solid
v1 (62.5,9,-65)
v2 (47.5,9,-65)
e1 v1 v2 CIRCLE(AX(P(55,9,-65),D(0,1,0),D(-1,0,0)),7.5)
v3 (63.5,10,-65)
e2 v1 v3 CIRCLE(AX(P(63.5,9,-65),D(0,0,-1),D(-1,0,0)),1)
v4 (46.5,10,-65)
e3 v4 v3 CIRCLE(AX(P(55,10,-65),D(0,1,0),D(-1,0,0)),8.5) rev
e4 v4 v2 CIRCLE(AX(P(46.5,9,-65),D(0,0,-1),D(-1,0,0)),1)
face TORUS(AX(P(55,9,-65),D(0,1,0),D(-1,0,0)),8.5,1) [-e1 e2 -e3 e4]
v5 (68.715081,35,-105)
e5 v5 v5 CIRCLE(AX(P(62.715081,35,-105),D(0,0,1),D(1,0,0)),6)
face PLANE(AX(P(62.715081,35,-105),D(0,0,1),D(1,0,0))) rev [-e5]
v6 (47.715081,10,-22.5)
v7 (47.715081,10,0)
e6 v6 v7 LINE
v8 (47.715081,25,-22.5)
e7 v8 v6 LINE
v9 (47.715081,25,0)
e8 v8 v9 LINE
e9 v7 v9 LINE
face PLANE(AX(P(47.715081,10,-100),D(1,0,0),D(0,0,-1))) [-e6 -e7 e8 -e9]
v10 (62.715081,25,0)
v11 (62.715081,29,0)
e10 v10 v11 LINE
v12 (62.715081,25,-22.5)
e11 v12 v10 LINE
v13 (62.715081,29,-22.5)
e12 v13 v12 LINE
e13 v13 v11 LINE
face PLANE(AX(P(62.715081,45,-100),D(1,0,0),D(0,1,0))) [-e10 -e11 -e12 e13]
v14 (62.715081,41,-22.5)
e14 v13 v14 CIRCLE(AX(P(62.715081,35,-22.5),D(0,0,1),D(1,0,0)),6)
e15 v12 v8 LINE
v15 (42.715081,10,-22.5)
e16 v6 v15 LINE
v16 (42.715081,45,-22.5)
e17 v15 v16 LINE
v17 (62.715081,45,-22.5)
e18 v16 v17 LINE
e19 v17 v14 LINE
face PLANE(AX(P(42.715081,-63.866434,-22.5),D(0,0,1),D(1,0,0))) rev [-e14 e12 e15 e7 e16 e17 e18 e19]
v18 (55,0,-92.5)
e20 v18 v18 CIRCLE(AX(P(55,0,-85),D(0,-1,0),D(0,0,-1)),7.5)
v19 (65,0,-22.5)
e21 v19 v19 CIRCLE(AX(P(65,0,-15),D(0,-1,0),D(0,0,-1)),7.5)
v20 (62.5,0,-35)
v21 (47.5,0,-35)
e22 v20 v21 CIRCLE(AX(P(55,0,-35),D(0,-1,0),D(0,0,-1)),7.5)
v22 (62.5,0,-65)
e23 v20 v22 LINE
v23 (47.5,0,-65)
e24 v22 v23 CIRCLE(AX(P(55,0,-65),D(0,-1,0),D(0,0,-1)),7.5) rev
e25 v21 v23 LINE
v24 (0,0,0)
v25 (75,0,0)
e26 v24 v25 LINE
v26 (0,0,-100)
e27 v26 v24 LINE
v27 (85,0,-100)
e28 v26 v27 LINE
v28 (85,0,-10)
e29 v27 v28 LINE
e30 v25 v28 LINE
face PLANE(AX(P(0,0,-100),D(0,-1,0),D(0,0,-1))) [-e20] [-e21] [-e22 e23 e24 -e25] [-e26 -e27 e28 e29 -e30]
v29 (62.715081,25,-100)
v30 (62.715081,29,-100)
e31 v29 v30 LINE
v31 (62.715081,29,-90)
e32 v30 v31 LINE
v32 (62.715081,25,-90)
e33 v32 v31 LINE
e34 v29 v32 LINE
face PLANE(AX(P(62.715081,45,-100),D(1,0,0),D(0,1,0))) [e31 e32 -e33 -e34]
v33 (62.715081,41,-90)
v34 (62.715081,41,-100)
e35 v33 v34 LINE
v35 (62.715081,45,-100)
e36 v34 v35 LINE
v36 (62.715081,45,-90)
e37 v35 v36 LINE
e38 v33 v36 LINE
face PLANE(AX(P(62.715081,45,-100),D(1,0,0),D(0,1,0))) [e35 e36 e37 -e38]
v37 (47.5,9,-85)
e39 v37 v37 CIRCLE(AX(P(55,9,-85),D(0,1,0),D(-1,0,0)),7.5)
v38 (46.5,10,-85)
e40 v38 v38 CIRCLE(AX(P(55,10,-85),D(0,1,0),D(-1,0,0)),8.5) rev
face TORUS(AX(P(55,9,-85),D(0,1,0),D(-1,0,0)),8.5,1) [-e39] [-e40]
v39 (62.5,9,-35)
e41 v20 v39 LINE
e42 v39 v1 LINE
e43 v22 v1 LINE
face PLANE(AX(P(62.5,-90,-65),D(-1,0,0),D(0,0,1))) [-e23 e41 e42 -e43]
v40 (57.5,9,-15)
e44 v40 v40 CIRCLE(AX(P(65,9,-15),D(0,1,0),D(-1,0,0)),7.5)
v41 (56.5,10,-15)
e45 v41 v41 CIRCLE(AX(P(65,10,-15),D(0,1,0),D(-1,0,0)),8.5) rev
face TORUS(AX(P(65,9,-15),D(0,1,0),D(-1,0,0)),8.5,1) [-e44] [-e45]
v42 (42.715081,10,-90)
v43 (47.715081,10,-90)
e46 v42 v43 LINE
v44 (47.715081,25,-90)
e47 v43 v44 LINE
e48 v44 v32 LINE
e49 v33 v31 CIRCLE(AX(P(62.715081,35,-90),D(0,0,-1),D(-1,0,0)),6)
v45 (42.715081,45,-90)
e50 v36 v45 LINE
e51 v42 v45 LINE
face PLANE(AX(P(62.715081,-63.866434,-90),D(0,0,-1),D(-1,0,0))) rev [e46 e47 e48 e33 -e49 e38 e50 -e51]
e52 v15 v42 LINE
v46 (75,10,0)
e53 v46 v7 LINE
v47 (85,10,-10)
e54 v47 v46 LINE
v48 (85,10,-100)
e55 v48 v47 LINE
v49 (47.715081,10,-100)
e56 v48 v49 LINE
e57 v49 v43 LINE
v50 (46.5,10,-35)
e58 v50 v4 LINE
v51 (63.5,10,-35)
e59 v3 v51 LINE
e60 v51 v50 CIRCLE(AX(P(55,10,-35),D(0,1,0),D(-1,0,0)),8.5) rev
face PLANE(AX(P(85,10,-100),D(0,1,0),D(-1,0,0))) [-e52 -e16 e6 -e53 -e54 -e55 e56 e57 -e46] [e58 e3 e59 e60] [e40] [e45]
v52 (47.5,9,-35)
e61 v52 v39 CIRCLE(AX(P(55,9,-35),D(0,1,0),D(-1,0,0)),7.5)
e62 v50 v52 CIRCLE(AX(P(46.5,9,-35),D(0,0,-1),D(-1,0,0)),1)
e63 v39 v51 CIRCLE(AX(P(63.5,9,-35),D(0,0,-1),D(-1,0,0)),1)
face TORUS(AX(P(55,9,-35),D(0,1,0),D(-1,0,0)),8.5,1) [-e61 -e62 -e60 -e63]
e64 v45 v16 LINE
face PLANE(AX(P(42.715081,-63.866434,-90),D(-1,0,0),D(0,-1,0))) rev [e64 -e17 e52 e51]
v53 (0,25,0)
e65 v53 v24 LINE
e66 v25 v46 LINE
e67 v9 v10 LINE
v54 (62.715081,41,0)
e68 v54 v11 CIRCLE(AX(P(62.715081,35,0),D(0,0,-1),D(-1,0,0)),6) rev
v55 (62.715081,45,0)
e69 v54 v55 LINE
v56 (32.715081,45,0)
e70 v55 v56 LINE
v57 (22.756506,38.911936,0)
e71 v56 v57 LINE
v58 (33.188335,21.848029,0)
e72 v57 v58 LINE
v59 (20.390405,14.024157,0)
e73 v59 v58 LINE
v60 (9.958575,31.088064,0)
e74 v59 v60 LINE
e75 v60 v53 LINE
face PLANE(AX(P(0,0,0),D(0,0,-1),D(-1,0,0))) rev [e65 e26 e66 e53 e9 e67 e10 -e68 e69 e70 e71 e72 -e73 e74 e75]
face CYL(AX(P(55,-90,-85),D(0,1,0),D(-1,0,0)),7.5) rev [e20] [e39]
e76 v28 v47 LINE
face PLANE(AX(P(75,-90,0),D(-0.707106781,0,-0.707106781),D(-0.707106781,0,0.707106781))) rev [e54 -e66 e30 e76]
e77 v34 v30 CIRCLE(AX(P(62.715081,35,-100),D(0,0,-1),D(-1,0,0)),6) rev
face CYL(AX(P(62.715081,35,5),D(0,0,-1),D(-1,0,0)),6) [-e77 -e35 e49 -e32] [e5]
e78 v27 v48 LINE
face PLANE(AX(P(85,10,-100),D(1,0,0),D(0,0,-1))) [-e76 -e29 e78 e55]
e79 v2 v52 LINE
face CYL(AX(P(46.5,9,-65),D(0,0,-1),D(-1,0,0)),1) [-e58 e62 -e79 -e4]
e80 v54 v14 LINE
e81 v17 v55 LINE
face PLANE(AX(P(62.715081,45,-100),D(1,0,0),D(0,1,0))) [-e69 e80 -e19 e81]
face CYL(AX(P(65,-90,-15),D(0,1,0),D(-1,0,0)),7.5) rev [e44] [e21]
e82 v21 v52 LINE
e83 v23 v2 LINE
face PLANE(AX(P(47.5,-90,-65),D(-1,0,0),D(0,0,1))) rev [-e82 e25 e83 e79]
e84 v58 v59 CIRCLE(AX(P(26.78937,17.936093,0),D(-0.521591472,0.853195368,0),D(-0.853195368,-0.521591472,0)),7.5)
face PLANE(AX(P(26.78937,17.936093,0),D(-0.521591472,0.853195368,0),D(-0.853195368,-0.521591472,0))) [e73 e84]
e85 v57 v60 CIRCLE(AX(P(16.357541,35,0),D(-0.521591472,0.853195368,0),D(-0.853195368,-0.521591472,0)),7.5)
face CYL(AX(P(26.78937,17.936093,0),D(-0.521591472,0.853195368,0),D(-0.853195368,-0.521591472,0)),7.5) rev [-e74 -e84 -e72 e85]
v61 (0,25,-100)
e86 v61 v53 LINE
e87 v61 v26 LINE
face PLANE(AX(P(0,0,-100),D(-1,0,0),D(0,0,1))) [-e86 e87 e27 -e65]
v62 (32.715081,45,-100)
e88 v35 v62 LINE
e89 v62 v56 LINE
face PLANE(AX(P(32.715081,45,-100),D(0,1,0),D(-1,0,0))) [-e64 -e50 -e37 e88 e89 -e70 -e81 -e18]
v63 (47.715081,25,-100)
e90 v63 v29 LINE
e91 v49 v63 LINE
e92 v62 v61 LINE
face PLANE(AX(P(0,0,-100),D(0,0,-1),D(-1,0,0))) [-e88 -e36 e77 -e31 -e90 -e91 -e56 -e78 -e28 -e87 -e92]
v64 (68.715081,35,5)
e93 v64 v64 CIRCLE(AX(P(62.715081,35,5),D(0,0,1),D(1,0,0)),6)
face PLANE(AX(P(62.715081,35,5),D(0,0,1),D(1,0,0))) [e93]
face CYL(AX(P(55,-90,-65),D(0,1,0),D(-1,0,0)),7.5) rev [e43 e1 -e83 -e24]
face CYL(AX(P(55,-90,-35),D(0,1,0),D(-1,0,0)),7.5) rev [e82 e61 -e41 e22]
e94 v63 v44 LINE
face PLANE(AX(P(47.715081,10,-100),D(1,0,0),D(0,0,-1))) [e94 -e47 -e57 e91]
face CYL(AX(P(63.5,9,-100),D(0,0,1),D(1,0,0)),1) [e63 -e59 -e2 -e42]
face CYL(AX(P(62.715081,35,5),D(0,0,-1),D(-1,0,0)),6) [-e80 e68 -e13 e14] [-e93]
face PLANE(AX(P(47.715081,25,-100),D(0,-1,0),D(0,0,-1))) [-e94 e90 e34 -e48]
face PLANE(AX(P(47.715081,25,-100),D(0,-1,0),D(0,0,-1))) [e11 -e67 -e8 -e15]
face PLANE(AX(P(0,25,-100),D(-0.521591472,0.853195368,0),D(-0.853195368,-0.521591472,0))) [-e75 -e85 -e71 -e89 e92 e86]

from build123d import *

# Parameters (mm, degrees)
BOSS_EXTRUDE1_DEPTH      = 100
SKETCH2_R                = 7.5
CUT_EXTRUDE2_DEPTH       = 100
SKETCH3_R                = 7.5
CUT_EXTRUDE3_DEPTH       = 100
CUT_EXTRUDE4_DEPTH       = 100
SKETCH5_R                = 7.5
CUT_EXTRUDE5_DEPTH       = 20
BOSS_EXTRUDE2_DEPTH      = 5
BOSS_EXTRUDE2_DEPTH_BACK = 105
SKETCH7_R                = 6
CUT_EXTRUDE6_START       = -35
CUT_EXTRUDE6_DEPTH       = 35
FILLET1_R                = 1


with BuildPart() as part:
    # Sketch1 → Boss-Extrude1 (new body)
    with BuildSketch(Plane.XY):
        Polygon((0, 0), (85, 0), (85, 10), (47.715081247, 10), (47.715081247, 25), (62.715081247, 25), (62.715081247, 45), (32.715081247, 45), (0, 25), align=None)
    extrude(amount=-BOSS_EXTRUDE1_DEPTH)

    # Sketch2 → Cut-Extrude2 (cut)
    with BuildSketch(Plane(origin=(0, 10, 0), x_dir=(1, 0, 0), z_dir=(0, 1, 0))):
        with Locations(Location((65, 15, 0), (0, 0, 180))):
            Circle(SKETCH2_R)
        with BuildLine():
            Line((47.5, 65), (47.5, 35))
            ThreePointArc((47.5, 35), (55, 27.5), (62.5, 35))
            Line((62.5, 35), (62.5, 65))
            ThreePointArc((62.5, 65), (55, 72.5), (47.5, 65))
        make_face()
    extrude(amount=-CUT_EXTRUDE2_DEPTH, mode=Mode.SUBTRACT)

    # Sketch3 → Cut-Extrude3 (cut)
    with BuildSketch(Plane(origin=(0, 10, 0), x_dir=(1, 0, 0), z_dir=(0, 1, 0))):
        with Locations(Location((55, 85, 0), (0, 0, 193.754716541))):
            Circle(SKETCH3_R)
    extrude(amount=-CUT_EXTRUDE3_DEPTH, mode=Mode.SUBTRACT)

    # Sketch4 → Cut-Extrude4 (cut)
    with BuildSketch(Plane(origin=(0, 10, 0), x_dir=(1, 0, 0), z_dir=(0, 1, 0))):
        Polygon((75, 0), (85, 10), (85, 0), align=None)
    extrude(amount=-CUT_EXTRUDE4_DEPTH, mode=Mode.SUBTRACT)

    # Sketch5 → Cut-Extrude5 (cut)
    with BuildSketch(Plane(origin=(-11.125485694, 18.19855842, 0), x_dir=(0.8531953684822633, 0.5215914715564423, 0), z_dir=(-0.5215914715564423, 0.8531953684822633, 0))):
        with Locations((32.211879404, 0)):
            Circle(SKETCH5_R)
    extrude(amount=-CUT_EXTRUDE5_DEPTH, mode=Mode.SUBTRACT)

    # Sketch7 → Boss-Extrude2 (add, two sides: drawn at the far end of the back side and taken through both)
    with BuildSketch(Plane.XY.offset(-BOSS_EXTRUDE2_DEPTH_BACK)):
        with Locations((62.715081247, 35)):
            Circle(SKETCH7_R)
    extrude(amount=BOSS_EXTRUDE2_DEPTH + BOSS_EXTRUDE2_DEPTH_BACK)

    # Sketch8 → Cut-Extrude6 (cut)
    with BuildSketch(Plane(origin=(0, 45, 0), x_dir=(1, 0, 0), z_dir=(0, 1, 0)).offset(CUT_EXTRUDE6_START)):
        Polygon((62.715081247, 90), (42.715081247, 90), (42.715081247, 22.5), (72.715081247, 22.5), (72.715081247, 90), align=None)
    extrude(amount=CUT_EXTRUDE6_DEPTH, mode=Mode.SUBTRACT)

    # Fillet1
    fillet1_edges = [part.edges().sort_by_distance(p)[0] for p in [
        (55, 10, -27.5),
        (55, 10, -72.5),
        (62.5, 10, -50),
        (47.5, 10, -50),
        (72.5, 10, -15),
        (62.284918753, 10, -86.783243887),
    ]]
    fillet(fillet1_edges, radius=FILLET1_R)


solid = part.part
